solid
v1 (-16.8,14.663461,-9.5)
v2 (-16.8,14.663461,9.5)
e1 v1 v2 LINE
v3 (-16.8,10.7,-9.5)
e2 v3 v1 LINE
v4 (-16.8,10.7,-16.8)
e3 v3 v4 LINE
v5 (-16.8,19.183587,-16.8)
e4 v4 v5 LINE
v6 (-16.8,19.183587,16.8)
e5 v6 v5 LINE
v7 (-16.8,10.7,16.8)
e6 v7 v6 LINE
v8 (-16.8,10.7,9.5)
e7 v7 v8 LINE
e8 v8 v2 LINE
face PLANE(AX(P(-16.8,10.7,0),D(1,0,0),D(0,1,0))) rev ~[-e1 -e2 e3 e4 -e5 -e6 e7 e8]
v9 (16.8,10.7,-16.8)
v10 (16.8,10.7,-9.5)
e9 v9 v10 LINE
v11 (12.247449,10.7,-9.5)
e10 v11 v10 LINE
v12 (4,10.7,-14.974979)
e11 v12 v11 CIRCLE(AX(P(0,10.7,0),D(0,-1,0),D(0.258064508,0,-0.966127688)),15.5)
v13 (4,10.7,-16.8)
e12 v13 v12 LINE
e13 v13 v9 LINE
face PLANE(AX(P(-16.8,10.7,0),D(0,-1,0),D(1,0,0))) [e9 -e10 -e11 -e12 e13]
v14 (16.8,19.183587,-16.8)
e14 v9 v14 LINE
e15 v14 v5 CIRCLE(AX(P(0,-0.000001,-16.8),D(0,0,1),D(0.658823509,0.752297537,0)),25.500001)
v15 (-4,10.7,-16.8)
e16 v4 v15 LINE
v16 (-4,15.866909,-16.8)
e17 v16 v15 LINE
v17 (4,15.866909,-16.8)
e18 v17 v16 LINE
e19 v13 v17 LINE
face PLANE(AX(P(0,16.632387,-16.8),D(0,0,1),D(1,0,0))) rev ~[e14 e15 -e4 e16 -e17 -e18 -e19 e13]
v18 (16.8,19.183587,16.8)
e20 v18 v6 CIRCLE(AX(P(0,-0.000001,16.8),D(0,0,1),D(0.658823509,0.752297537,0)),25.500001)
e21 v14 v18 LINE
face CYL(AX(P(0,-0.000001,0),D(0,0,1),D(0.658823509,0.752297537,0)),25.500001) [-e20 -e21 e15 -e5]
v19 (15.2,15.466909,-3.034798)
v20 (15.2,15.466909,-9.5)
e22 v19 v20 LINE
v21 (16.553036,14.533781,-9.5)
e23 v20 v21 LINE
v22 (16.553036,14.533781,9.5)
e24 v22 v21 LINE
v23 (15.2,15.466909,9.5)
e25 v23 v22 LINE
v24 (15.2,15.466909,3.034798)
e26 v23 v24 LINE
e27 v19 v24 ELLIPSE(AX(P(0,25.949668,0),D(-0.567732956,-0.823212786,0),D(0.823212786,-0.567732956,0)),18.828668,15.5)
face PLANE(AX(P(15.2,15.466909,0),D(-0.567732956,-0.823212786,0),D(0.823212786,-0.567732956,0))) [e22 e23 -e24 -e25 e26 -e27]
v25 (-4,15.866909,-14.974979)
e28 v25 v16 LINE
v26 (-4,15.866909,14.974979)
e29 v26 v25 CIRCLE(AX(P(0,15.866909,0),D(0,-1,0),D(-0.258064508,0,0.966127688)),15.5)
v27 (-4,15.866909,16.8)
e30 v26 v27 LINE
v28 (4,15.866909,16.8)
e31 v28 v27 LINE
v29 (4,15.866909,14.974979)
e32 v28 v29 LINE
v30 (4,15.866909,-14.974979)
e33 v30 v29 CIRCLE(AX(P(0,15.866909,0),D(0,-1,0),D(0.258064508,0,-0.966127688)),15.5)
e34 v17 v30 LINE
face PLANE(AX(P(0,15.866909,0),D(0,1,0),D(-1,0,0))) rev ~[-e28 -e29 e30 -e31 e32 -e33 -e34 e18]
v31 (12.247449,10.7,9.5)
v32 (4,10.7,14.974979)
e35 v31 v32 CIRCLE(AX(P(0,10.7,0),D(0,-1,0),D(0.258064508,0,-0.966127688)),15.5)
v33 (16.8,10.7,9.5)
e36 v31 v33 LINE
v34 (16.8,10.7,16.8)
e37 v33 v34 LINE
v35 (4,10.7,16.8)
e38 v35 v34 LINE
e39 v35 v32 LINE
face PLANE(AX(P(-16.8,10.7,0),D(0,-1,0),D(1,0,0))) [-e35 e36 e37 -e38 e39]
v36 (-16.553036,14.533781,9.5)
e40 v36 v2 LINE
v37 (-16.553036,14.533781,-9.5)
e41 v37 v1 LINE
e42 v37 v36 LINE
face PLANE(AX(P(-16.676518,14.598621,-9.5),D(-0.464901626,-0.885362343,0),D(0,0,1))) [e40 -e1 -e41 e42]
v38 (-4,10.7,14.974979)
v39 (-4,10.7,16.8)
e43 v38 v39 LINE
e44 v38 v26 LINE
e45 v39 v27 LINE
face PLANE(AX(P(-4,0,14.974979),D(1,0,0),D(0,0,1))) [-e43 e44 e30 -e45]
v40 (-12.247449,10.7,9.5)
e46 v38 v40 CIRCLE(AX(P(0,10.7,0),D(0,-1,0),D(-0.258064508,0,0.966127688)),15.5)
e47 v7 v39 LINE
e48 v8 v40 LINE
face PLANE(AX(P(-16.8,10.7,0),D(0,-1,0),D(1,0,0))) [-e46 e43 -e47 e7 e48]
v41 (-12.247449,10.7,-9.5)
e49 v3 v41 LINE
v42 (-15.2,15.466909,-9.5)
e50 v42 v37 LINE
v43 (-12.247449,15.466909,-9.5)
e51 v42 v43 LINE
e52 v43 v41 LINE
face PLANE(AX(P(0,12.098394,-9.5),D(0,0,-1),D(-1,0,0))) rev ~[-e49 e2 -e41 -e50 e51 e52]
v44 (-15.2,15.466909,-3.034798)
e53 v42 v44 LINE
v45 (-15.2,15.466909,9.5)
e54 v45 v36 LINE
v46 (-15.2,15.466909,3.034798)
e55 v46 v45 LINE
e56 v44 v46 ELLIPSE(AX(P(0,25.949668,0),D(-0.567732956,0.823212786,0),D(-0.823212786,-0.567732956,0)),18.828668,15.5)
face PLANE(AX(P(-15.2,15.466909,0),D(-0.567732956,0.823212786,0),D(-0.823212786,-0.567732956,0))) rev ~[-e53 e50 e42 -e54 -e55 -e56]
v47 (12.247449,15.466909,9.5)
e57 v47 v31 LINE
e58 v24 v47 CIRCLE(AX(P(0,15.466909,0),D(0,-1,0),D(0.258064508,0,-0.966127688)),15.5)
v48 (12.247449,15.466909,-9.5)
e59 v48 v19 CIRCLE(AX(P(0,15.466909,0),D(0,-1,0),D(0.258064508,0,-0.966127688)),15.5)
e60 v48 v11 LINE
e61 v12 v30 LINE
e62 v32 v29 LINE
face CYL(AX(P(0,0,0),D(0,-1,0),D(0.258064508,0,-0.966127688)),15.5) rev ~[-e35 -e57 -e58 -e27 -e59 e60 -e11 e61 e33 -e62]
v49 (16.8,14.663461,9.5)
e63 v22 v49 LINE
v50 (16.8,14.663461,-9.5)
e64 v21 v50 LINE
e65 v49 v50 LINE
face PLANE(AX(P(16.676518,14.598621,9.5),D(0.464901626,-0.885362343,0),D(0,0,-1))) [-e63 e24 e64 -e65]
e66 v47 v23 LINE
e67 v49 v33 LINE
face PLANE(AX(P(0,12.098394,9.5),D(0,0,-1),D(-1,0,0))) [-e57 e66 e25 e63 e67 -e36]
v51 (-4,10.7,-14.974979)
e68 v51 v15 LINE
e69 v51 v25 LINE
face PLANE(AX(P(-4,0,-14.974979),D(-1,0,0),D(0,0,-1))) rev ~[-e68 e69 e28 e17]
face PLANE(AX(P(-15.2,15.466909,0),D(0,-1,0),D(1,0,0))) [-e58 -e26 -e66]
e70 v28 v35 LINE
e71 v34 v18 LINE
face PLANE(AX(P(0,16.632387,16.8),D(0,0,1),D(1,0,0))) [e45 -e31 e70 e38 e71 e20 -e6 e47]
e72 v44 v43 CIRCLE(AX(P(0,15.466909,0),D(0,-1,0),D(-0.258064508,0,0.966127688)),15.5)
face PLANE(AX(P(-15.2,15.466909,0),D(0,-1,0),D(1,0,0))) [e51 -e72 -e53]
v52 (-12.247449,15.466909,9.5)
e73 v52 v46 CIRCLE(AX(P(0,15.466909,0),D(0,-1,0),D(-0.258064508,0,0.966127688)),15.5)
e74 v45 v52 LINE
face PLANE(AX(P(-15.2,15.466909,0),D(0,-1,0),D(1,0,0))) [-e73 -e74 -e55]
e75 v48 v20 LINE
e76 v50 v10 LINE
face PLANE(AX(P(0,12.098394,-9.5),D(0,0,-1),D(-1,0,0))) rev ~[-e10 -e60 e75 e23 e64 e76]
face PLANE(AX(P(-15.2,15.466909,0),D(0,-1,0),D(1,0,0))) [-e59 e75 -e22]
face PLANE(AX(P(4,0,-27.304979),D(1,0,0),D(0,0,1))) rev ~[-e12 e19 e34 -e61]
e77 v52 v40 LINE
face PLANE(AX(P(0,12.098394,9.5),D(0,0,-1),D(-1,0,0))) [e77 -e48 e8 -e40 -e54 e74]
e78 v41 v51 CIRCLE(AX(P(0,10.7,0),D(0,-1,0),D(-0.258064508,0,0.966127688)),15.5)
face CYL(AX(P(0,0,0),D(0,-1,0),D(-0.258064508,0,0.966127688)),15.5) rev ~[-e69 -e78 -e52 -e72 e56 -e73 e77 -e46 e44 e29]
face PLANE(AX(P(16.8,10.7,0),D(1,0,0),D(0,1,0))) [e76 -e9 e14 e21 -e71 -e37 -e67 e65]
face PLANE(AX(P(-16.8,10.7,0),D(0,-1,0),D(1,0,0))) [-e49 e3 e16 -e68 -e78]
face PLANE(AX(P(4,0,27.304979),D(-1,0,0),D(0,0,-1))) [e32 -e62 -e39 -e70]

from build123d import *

# Parameters (mm, degrees)
PAD001_DEPTH         = 16.8
PAD001_DEPTH_BACK    = 16.8
POCKET004_DEPTH      = 9.5
POCKET004_DEPTH_BACK = 9.5
CHAMFER002_SIZE      = 0.3
POCKET005_DEPTH      = 15.866909


with BuildPart() as part:
    # Sketch005 → Pad001 (new body, two sides)
    with BuildSketch(Plane.XY) as pad001_sk:
        with BuildLine():
            Line((-16.8, 10.7), (16.8, 10.7))
            Line((16.8, 10.7), (16.8, 19.183587))
            ThreePointArc((16.8, 19.183587), (0, 25.5), (-16.8, 19.183587))
            Line((-16.8, 10.7), (-16.8, 19.183587))
        make_face()
    extrude(amount=PAD001_DEPTH)
    extrude(pad001_sk.sketch, amount=-PAD001_DEPTH_BACK)

    # Sketch006 → Pocket004 (cut, two sides)
    with BuildSketch(Plane.XY) as pocket004_sk:
        with BuildLine():
            Line((-15.2, 15.466909), (15.2, 15.466909))
            Line((15.2, 15.466909), (21, 11.466909))
            Line((21, 11.466909), (23, 11.466909))
            ThreePointArc((24.265231, 8.466909), (23.680172, 9.986965), (23, 11.466909))
            Line((11, 10.5), (24.265231, 8.466909))
            Line((11, 10.5), (-11, 10.5))
            Line((-11, 10.5), (-24.265231, 8.466909))
            ThreePointArc((-23, 11.466909), (-23.680172, 9.986965), (-24.265231, 8.466909))
            Line((-21, 11.466909), (-23, 11.466909))
            Line((-15.2, 15.466909), (-21, 11.466909))
        make_face()
    extrude(amount=-POCKET004_DEPTH, mode=Mode.SUBTRACT)
    extrude(pocket004_sk.sketch, amount=POCKET004_DEPTH_BACK, mode=Mode.SUBTRACT)

    # Chamfer002
    chamfer002_edges = [part.edges().sort_by_distance(p)[0] for p in [
        (-16.8, 14.363461, 0),
        (16.8, 14.363461, 0),
    ]]
    chamfer(chamfer002_edges, length=CHAMFER002_SIZE)

    # Sketch007 → Pocket005 (cut)
    with BuildSketch(Plane.XZ):
        with BuildLine():
            Line((-4, 14.974979), (-4, 27.304979))
            Line((-4, 27.304979), (4, 27.304979))
            Line((4, 27.304979), (4, 14.974979))
            ThreePointArc((4, -14.974979), (15.5, 0), (4, 14.974979))
            Line((4, -27.304979), (4, -14.974979))
            Line((-4, -27.304979), (4, -27.304979))
            Line((-4, -14.974979), (-4, -27.304979))
            ThreePointArc((-4, 14.974979), (-15.5, 0), (-4, -14.974979))
        make_face()
    extrude(amount=-POCKET005_DEPTH, mode=Mode.SUBTRACT)


solid = part.part
